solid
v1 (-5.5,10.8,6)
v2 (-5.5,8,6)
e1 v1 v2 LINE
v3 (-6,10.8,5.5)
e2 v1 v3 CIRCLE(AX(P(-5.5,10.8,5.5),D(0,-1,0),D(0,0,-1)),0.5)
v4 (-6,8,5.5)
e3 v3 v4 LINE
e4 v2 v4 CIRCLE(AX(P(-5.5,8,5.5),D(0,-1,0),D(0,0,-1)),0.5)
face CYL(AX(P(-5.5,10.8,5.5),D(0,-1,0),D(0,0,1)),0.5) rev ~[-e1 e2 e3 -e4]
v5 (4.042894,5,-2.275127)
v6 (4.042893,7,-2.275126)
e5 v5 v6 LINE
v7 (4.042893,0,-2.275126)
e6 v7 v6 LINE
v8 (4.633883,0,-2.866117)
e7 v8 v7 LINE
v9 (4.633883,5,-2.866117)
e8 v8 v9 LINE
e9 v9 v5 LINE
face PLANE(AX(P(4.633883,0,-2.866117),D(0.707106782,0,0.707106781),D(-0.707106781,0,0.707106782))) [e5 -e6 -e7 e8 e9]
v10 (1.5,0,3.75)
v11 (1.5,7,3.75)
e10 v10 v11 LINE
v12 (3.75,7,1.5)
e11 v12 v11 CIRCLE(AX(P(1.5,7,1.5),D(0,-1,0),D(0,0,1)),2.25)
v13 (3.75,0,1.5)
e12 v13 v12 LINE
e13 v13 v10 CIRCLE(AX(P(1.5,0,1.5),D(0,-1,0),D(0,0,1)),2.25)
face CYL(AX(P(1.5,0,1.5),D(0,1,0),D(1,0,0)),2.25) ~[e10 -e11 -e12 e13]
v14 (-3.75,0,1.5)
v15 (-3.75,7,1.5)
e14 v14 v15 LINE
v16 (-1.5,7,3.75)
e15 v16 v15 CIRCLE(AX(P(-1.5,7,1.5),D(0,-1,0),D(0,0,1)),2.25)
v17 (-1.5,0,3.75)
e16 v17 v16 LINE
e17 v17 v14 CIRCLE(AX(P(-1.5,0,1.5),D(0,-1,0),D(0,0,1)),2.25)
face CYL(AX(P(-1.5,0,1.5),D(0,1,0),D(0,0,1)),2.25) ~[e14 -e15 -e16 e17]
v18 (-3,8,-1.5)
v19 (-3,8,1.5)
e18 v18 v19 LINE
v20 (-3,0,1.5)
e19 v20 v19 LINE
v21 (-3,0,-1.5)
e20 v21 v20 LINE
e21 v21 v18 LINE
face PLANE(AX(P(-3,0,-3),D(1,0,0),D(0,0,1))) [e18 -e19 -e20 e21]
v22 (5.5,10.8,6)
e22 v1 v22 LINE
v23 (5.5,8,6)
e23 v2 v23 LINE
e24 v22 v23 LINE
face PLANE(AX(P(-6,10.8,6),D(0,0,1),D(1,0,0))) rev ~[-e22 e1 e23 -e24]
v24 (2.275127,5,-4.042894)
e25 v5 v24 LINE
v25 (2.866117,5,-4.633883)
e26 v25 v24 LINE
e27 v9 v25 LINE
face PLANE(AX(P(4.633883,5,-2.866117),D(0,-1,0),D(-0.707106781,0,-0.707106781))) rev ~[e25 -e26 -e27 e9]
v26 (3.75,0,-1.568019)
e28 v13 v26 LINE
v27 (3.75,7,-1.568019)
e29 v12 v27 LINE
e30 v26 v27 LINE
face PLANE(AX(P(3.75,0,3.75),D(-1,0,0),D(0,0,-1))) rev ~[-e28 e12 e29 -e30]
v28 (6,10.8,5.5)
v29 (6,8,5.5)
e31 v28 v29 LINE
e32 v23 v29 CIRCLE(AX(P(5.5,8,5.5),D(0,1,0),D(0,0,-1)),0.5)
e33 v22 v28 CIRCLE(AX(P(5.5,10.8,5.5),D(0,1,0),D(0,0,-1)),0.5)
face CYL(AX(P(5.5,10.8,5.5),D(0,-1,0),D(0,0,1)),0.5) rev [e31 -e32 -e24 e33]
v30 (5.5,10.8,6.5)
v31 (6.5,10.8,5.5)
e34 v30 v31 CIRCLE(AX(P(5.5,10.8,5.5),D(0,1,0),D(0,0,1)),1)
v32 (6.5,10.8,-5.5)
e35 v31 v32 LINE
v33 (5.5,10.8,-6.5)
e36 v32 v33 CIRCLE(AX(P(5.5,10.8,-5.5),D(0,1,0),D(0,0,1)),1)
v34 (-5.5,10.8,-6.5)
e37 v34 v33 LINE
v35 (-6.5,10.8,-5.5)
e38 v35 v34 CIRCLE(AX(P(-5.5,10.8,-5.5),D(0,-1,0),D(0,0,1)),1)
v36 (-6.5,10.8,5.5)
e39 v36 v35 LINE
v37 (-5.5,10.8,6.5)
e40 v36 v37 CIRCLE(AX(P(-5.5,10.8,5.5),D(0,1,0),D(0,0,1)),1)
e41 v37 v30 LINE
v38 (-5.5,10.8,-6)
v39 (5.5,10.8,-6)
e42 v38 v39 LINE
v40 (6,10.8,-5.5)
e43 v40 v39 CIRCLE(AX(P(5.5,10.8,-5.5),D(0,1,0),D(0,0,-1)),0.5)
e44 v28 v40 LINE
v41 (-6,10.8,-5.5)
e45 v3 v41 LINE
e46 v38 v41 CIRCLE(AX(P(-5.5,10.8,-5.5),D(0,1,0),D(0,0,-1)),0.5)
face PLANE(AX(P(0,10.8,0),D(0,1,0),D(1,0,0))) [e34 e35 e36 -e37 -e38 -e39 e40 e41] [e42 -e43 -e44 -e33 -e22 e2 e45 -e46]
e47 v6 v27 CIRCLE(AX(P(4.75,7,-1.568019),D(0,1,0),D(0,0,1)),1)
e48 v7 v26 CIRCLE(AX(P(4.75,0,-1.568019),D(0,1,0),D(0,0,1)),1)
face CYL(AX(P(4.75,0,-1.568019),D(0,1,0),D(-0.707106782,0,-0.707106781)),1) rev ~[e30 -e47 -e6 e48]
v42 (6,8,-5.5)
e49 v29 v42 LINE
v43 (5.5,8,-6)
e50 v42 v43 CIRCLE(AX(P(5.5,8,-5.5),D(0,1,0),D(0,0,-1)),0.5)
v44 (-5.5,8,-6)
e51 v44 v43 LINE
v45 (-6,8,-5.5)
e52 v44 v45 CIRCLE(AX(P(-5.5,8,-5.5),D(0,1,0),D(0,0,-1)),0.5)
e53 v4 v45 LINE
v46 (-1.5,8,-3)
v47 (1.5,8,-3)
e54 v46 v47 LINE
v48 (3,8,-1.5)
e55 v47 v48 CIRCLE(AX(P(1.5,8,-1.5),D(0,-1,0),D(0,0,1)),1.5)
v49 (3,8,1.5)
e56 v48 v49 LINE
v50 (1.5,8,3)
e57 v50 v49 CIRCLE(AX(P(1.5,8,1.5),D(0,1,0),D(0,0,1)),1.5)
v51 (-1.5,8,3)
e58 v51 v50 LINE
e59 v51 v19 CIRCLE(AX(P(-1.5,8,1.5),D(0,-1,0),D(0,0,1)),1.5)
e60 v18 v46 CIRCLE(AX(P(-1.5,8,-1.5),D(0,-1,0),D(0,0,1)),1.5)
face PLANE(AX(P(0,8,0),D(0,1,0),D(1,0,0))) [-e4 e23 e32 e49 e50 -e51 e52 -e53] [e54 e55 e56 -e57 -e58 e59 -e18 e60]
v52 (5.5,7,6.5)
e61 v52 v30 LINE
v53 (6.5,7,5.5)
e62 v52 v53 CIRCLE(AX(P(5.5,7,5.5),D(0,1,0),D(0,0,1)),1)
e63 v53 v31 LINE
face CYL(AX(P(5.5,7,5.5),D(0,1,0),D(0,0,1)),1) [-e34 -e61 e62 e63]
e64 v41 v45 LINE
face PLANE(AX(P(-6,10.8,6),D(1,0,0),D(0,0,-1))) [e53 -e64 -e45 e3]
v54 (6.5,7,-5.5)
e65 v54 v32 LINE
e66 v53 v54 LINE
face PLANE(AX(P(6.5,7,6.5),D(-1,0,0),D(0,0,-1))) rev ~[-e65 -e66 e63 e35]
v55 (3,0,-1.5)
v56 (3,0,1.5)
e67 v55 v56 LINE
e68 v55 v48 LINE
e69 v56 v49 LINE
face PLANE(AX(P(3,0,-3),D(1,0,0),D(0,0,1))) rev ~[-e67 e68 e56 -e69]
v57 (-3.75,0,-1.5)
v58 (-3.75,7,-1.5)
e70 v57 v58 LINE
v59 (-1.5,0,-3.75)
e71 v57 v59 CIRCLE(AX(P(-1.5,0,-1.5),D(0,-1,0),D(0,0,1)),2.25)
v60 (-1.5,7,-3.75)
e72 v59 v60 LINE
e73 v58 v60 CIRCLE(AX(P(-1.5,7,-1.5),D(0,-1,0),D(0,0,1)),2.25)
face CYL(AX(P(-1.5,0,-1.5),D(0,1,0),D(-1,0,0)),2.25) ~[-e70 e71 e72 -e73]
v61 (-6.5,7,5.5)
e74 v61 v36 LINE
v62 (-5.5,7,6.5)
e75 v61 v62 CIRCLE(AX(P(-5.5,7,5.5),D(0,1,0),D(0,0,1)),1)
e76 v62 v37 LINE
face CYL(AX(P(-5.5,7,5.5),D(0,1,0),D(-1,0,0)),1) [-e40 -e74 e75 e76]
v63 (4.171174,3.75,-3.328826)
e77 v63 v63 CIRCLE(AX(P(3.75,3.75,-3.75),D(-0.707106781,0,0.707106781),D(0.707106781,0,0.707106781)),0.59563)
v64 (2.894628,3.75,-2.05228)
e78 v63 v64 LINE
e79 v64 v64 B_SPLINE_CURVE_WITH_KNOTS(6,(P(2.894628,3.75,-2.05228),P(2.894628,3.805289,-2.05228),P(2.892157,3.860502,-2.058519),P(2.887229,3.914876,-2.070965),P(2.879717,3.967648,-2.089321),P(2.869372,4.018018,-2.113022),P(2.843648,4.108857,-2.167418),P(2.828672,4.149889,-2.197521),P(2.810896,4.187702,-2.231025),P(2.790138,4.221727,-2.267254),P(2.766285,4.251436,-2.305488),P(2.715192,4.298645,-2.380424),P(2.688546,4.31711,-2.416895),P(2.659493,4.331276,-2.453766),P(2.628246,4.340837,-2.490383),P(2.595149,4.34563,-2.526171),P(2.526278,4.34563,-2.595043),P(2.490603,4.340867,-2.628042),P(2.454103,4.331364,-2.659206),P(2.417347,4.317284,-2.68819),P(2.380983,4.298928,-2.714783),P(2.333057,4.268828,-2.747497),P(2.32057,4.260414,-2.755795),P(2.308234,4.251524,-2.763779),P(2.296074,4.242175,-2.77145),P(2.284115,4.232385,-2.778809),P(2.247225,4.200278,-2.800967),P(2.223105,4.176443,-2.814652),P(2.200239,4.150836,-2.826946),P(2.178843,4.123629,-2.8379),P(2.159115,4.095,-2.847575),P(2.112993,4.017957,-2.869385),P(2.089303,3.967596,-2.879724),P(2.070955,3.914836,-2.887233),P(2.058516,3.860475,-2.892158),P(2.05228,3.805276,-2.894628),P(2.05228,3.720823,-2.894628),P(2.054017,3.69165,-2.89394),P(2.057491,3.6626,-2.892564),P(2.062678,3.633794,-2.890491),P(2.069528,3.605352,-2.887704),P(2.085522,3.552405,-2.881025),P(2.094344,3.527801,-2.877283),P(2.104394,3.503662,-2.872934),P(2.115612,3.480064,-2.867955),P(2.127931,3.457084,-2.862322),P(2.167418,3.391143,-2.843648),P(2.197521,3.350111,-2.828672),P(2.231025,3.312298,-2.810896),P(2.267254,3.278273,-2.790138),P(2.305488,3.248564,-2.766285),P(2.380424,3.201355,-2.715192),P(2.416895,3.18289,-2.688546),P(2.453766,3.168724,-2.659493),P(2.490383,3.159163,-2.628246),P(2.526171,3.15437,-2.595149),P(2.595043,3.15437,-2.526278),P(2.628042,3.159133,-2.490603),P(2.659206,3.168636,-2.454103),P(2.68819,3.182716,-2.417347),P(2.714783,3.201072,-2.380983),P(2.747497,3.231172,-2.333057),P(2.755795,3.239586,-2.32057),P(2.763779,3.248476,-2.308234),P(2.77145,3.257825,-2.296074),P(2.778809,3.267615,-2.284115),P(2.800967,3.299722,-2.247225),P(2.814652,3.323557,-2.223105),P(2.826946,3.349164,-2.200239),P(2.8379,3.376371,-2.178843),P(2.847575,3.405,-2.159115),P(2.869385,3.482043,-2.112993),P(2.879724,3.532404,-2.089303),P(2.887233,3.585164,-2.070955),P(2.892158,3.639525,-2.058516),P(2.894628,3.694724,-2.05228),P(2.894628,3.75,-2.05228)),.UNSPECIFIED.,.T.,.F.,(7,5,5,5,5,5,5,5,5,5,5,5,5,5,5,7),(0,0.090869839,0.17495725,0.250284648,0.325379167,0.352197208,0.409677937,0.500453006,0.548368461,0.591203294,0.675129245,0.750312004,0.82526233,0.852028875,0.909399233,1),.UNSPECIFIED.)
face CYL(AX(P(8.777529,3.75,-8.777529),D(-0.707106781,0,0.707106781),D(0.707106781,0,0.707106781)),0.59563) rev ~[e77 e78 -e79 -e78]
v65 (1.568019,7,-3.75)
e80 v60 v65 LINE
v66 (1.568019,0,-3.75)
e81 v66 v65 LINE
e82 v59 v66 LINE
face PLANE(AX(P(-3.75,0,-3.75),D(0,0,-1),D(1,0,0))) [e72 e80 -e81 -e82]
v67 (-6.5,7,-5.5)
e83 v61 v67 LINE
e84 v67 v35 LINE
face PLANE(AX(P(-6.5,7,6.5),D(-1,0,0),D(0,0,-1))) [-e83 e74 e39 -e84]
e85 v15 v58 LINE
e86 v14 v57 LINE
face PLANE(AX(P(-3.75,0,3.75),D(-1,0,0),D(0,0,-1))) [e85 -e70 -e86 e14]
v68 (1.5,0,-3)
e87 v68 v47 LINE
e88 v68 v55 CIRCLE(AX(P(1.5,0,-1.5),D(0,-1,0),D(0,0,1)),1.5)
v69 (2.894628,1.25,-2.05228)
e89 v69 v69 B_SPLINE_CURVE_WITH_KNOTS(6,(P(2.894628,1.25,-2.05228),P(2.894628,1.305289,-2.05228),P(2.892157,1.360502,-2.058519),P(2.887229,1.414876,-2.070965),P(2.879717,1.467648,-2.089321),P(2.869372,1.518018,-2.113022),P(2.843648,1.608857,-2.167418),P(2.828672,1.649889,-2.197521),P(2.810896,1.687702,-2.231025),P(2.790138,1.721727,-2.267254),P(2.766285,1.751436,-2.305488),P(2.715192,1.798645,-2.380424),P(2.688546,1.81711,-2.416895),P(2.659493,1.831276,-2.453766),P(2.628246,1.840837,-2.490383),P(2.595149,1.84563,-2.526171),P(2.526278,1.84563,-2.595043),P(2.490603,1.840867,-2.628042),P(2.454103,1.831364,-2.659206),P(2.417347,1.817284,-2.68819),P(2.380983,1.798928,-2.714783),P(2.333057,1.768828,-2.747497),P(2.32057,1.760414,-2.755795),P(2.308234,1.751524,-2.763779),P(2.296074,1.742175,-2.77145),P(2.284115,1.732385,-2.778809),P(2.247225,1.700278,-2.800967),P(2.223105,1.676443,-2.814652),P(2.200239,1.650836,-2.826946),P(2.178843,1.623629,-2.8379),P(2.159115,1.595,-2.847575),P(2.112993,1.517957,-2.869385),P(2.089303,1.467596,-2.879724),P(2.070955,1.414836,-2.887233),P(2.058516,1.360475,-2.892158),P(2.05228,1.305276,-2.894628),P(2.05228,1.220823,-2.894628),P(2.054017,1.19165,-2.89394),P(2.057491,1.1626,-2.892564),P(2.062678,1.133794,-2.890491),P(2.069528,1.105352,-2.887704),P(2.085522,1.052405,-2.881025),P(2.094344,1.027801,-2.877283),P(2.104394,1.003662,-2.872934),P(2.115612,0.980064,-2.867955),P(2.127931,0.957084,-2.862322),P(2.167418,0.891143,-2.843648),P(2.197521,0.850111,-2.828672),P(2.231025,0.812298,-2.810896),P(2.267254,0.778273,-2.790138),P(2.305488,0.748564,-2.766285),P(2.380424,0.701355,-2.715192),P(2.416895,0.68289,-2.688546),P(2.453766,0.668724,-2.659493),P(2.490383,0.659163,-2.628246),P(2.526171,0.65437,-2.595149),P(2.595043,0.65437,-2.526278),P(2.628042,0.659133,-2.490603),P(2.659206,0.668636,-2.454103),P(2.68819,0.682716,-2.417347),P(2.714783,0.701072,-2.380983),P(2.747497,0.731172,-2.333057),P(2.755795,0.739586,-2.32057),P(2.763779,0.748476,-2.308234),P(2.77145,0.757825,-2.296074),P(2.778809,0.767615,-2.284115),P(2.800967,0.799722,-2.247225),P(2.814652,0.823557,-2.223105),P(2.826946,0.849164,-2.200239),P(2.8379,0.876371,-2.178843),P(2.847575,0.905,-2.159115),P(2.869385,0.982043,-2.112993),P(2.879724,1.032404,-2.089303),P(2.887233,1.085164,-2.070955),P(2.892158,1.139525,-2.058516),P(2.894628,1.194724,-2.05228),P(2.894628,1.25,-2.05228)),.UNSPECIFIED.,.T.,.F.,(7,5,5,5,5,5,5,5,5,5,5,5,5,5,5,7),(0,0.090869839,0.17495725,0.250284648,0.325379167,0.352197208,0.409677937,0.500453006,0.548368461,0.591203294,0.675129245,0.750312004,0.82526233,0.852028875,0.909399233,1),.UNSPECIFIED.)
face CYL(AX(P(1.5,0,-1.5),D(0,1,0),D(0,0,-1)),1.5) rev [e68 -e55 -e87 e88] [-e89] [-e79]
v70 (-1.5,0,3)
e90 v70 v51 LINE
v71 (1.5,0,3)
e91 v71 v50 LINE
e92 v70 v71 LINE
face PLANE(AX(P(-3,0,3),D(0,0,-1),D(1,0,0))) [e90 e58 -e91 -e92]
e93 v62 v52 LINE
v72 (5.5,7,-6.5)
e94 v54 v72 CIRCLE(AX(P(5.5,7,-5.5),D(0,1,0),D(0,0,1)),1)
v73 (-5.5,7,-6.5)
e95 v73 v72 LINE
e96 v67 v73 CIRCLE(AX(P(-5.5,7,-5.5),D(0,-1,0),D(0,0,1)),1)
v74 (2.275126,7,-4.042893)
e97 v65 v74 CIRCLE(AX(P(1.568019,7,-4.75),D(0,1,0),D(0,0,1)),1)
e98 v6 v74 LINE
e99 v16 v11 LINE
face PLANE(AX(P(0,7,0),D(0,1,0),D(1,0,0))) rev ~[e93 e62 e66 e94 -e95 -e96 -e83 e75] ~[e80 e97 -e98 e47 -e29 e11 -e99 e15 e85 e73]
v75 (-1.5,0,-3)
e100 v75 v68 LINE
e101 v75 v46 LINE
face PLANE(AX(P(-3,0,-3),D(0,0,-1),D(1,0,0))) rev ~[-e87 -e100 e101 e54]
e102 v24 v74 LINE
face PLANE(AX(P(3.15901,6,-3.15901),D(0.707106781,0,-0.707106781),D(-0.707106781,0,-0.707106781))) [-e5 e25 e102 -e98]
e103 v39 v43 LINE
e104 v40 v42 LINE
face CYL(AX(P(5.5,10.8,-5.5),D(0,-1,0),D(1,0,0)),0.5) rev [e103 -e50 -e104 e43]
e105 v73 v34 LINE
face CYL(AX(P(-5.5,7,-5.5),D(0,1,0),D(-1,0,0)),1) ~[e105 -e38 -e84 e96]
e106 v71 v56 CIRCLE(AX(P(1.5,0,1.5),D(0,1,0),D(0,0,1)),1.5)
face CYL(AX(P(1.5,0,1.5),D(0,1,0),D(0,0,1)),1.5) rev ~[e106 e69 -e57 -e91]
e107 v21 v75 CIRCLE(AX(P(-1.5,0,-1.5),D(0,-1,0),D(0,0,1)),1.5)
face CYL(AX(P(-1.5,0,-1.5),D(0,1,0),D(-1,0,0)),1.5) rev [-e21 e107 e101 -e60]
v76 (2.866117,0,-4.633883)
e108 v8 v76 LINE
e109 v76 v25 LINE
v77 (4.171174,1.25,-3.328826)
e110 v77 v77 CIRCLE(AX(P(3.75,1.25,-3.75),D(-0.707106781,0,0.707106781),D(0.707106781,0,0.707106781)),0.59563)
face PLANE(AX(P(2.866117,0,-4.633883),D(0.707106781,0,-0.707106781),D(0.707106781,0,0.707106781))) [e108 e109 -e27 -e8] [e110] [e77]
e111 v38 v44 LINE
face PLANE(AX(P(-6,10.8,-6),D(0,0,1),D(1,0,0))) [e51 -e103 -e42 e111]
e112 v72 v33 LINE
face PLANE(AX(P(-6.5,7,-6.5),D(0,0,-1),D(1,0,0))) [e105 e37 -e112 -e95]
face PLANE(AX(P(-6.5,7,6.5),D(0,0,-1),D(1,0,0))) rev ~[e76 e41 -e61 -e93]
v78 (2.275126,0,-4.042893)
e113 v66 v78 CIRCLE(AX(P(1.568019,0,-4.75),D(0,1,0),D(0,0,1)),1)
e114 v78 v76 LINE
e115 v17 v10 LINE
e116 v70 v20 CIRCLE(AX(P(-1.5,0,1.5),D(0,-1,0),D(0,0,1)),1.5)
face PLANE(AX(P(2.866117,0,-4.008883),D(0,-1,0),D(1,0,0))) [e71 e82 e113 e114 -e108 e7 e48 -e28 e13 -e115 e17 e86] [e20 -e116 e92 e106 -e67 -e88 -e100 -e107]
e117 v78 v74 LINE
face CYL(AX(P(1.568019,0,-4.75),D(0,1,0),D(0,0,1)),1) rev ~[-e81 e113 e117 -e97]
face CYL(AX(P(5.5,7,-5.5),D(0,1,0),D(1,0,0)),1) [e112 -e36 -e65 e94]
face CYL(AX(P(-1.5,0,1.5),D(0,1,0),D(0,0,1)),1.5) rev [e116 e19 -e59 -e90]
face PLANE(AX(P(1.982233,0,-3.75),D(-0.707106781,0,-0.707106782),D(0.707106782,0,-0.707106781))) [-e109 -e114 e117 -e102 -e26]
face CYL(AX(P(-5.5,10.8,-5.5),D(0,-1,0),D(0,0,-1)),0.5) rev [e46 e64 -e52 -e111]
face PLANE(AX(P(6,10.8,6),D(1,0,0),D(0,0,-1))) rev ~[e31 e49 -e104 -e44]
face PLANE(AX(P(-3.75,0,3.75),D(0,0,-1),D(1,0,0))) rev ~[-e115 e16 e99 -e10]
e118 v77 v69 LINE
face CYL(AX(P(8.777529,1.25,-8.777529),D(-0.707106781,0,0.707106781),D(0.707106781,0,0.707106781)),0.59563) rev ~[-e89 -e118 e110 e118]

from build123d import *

# Parameters (mm, degrees)
SKETCH1_W                     = 7.5
SKETCH1_H                     = 7.5
BOSS_EXTRUDE1_DEPTH           = 7
SKETCH2_W                     = 13
SKETCH2_H                     = 13
BOSS_EXTRUDE2_DEPTH           = 3.8
SKETCH3_W                     = 6
SKETCH3_H                     = 6
CUT_EXTRUDE1_DEPTH            = 11.8
SKETCH6_W                     = 12
SKETCH6_H                     = 12
CUT_EXTRUDE3_DEPTH            = 2.8
FILLET1_R                     = 0.5
BOSS_EXTRUDE3_REACH           = 12.8
FILLET4_R                     = 1.5
FILLET2_R                     = 1
TAP_DRILL_FOR_0_80_TAP1_D     = 1.19126
TAP_DRILL_FOR_0_80_TAP1_DEPTH = 7.11
TAP_DRILL_FOR_0_80_TAP1_TIP   = 0.357890611
FILLET5_R                     = 2.25
SKETCH16_W                    = 2.5
SKETCH16_H                    = 2
CUT_EXTRUDE4_DEPTH            = 0.835786
FILLET6_R                     = 1


with BuildPart() as part:
    # Sketch1 → Boss-Extrude1 (new body)
    with BuildSketch(Plane(origin=(0, 0, 0), x_dir=(1, 0, 0), z_dir=(0, 1, 0))):
        Rectangle(SKETCH1_W, SKETCH1_H)
    extrude(amount=BOSS_EXTRUDE1_DEPTH)

    # Sketch2 → Boss-Extrude2 (add)
    with BuildSketch(Plane(origin=(0, 7, 0), x_dir=(1, 0, 0), z_dir=(0, 1, 0))):
        Rectangle(SKETCH2_W, SKETCH2_H)
    extrude(amount=BOSS_EXTRUDE2_DEPTH)

    # Sketch3 → Cut-Extrude1 (cut, through all)
    with BuildSketch(Plane.XZ):
        Rectangle(SKETCH3_W, SKETCH3_H)
    extrude(amount=-CUT_EXTRUDE1_DEPTH, mode=Mode.SUBTRACT)

    # Sketch6 → Cut-Extrude3 (cut)
    with BuildSketch(Plane(origin=(0, 10.8, 0), x_dir=(1, 0, 0), z_dir=(0, 1, 0))):
        Rectangle(SKETCH6_W, SKETCH6_H)
    extrude(amount=-CUT_EXTRUDE3_DEPTH, mode=Mode.SUBTRACT)

    # Fillet1
    fillet1_edges = [part.edges().sort_by_distance(p)[0] for p in [
        (6, 9.4, 6),
        (6, 9.4, -6),
        (-6, 9.4, -6),
        (-6, 9.4, 6),
    ]]
    fillet(fillet1_edges, radius=FILLET1_R)

    # Sketch12 → Boss-Extrude3 (add, up to next)
    with BuildSketch(Plane.XZ, mode=Mode.PRIVATE) as boss_extrude3_sk1:
        Polygon((3.75, -3.75), (4.633883476, -2.866116524), (3.75, -1.982233047), align=None)
    boss_extrude3_tool1 = extrude(boss_extrude3_sk1.sketch, amount=-BOSS_EXTRUDE3_REACH, mode=Mode.PRIVATE) - part.part
    add(boss_extrude3_tool1.solids().sort_by_distance((4.044628, 0, -2.866117))[0])
    # Sketch12 → Boss-Extrude3 (add, up to next)
    with BuildSketch(Plane.XZ, mode=Mode.PRIVATE) as boss_extrude3_sk2:
        Polygon((2.866116524, -4.633883476), (3.75, -3.75), (1.982233047, -3.75), align=None)
    boss_extrude3_tool2 = extrude(boss_extrude3_sk2.sketch, amount=-BOSS_EXTRUDE3_REACH, mode=Mode.PRIVATE) - part.part
    add(boss_extrude3_tool2.solids().sort_by_distance((2.866117, 0, -4.044628))[0])

    # Fillet4
    fillet4_edges = [part.edges().sort_by_distance(p)[0] for p in [
        (-3, 4, 3),
        (3, 4, 3),
        (-3, 4, -3),
        (3, 4, -3),
    ]]
    fillet(fillet4_edges, radius=FILLET4_R)

    # Fillet2
    fillet2_edges = [part.edges().sort_by_distance(p)[0] for p in [
        (3.75, 3.5, -1.982233047),
        (1.982233047, 3.5, -3.75),
    ]]
    fillet(fillet2_edges, radius=FILLET2_R)

    # Tap Drill for #0-80 Tap1
    with Locations(Plane(origin=(3.75, 0, -3.75), x_dir=(-0.707106781, 0, -0.707106781), z_dir=(0.707106781, 0, -0.707106781))):
        with Locations((0, 1.25), (0, 3.75)):
            Hole(TAP_DRILL_FOR_0_80_TAP1_D / 2, depth=TAP_DRILL_FOR_0_80_TAP1_DEPTH)
            with Locations((0, 0, -(TAP_DRILL_FOR_0_80_TAP1_DEPTH + TAP_DRILL_FOR_0_80_TAP1_TIP / 2))):  # 118° drill point
                Cone(0, TAP_DRILL_FOR_0_80_TAP1_D / 2, TAP_DRILL_FOR_0_80_TAP1_TIP, mode=Mode.SUBTRACT)

    # Fillet5
    fillet5_edges = [part.edges().sort_by_distance(p)[0] for p in [
        (3.75, 3.5, 3.75),
        (-3.75, 3.5, 3.75),
        (-3.75, 3.5, -3.75),
    ]]
    fillet(fillet5_edges, radius=FILLET5_R)

    # Sketch16 → Cut-Extrude4 (cut)
    with BuildSketch(Plane(origin=(3.75, 0, -3.75), x_dir=(-0.707106781, 0, -0.707106781), z_dir=(0.707106781, 0, -0.707106781))):
        with Locations((0, 6)):
            Rectangle(SKETCH16_W, SKETCH16_H)
    extrude(amount=-CUT_EXTRUDE4_DEPTH, mode=Mode.SUBTRACT)

    # Fillet6
    fillet6_edges = [part.edges().sort_by_distance(p)[0] for p in [
        (-6.5, 8.9, -6.5),
        (-6.5, 8.9, 6.5),
        (6.5, 8.9, 6.5),
        (6.5, 8.9, -6.5),
    ]]
    fillet(fillet6_edges, radius=FILLET6_R)


solid = part.part
